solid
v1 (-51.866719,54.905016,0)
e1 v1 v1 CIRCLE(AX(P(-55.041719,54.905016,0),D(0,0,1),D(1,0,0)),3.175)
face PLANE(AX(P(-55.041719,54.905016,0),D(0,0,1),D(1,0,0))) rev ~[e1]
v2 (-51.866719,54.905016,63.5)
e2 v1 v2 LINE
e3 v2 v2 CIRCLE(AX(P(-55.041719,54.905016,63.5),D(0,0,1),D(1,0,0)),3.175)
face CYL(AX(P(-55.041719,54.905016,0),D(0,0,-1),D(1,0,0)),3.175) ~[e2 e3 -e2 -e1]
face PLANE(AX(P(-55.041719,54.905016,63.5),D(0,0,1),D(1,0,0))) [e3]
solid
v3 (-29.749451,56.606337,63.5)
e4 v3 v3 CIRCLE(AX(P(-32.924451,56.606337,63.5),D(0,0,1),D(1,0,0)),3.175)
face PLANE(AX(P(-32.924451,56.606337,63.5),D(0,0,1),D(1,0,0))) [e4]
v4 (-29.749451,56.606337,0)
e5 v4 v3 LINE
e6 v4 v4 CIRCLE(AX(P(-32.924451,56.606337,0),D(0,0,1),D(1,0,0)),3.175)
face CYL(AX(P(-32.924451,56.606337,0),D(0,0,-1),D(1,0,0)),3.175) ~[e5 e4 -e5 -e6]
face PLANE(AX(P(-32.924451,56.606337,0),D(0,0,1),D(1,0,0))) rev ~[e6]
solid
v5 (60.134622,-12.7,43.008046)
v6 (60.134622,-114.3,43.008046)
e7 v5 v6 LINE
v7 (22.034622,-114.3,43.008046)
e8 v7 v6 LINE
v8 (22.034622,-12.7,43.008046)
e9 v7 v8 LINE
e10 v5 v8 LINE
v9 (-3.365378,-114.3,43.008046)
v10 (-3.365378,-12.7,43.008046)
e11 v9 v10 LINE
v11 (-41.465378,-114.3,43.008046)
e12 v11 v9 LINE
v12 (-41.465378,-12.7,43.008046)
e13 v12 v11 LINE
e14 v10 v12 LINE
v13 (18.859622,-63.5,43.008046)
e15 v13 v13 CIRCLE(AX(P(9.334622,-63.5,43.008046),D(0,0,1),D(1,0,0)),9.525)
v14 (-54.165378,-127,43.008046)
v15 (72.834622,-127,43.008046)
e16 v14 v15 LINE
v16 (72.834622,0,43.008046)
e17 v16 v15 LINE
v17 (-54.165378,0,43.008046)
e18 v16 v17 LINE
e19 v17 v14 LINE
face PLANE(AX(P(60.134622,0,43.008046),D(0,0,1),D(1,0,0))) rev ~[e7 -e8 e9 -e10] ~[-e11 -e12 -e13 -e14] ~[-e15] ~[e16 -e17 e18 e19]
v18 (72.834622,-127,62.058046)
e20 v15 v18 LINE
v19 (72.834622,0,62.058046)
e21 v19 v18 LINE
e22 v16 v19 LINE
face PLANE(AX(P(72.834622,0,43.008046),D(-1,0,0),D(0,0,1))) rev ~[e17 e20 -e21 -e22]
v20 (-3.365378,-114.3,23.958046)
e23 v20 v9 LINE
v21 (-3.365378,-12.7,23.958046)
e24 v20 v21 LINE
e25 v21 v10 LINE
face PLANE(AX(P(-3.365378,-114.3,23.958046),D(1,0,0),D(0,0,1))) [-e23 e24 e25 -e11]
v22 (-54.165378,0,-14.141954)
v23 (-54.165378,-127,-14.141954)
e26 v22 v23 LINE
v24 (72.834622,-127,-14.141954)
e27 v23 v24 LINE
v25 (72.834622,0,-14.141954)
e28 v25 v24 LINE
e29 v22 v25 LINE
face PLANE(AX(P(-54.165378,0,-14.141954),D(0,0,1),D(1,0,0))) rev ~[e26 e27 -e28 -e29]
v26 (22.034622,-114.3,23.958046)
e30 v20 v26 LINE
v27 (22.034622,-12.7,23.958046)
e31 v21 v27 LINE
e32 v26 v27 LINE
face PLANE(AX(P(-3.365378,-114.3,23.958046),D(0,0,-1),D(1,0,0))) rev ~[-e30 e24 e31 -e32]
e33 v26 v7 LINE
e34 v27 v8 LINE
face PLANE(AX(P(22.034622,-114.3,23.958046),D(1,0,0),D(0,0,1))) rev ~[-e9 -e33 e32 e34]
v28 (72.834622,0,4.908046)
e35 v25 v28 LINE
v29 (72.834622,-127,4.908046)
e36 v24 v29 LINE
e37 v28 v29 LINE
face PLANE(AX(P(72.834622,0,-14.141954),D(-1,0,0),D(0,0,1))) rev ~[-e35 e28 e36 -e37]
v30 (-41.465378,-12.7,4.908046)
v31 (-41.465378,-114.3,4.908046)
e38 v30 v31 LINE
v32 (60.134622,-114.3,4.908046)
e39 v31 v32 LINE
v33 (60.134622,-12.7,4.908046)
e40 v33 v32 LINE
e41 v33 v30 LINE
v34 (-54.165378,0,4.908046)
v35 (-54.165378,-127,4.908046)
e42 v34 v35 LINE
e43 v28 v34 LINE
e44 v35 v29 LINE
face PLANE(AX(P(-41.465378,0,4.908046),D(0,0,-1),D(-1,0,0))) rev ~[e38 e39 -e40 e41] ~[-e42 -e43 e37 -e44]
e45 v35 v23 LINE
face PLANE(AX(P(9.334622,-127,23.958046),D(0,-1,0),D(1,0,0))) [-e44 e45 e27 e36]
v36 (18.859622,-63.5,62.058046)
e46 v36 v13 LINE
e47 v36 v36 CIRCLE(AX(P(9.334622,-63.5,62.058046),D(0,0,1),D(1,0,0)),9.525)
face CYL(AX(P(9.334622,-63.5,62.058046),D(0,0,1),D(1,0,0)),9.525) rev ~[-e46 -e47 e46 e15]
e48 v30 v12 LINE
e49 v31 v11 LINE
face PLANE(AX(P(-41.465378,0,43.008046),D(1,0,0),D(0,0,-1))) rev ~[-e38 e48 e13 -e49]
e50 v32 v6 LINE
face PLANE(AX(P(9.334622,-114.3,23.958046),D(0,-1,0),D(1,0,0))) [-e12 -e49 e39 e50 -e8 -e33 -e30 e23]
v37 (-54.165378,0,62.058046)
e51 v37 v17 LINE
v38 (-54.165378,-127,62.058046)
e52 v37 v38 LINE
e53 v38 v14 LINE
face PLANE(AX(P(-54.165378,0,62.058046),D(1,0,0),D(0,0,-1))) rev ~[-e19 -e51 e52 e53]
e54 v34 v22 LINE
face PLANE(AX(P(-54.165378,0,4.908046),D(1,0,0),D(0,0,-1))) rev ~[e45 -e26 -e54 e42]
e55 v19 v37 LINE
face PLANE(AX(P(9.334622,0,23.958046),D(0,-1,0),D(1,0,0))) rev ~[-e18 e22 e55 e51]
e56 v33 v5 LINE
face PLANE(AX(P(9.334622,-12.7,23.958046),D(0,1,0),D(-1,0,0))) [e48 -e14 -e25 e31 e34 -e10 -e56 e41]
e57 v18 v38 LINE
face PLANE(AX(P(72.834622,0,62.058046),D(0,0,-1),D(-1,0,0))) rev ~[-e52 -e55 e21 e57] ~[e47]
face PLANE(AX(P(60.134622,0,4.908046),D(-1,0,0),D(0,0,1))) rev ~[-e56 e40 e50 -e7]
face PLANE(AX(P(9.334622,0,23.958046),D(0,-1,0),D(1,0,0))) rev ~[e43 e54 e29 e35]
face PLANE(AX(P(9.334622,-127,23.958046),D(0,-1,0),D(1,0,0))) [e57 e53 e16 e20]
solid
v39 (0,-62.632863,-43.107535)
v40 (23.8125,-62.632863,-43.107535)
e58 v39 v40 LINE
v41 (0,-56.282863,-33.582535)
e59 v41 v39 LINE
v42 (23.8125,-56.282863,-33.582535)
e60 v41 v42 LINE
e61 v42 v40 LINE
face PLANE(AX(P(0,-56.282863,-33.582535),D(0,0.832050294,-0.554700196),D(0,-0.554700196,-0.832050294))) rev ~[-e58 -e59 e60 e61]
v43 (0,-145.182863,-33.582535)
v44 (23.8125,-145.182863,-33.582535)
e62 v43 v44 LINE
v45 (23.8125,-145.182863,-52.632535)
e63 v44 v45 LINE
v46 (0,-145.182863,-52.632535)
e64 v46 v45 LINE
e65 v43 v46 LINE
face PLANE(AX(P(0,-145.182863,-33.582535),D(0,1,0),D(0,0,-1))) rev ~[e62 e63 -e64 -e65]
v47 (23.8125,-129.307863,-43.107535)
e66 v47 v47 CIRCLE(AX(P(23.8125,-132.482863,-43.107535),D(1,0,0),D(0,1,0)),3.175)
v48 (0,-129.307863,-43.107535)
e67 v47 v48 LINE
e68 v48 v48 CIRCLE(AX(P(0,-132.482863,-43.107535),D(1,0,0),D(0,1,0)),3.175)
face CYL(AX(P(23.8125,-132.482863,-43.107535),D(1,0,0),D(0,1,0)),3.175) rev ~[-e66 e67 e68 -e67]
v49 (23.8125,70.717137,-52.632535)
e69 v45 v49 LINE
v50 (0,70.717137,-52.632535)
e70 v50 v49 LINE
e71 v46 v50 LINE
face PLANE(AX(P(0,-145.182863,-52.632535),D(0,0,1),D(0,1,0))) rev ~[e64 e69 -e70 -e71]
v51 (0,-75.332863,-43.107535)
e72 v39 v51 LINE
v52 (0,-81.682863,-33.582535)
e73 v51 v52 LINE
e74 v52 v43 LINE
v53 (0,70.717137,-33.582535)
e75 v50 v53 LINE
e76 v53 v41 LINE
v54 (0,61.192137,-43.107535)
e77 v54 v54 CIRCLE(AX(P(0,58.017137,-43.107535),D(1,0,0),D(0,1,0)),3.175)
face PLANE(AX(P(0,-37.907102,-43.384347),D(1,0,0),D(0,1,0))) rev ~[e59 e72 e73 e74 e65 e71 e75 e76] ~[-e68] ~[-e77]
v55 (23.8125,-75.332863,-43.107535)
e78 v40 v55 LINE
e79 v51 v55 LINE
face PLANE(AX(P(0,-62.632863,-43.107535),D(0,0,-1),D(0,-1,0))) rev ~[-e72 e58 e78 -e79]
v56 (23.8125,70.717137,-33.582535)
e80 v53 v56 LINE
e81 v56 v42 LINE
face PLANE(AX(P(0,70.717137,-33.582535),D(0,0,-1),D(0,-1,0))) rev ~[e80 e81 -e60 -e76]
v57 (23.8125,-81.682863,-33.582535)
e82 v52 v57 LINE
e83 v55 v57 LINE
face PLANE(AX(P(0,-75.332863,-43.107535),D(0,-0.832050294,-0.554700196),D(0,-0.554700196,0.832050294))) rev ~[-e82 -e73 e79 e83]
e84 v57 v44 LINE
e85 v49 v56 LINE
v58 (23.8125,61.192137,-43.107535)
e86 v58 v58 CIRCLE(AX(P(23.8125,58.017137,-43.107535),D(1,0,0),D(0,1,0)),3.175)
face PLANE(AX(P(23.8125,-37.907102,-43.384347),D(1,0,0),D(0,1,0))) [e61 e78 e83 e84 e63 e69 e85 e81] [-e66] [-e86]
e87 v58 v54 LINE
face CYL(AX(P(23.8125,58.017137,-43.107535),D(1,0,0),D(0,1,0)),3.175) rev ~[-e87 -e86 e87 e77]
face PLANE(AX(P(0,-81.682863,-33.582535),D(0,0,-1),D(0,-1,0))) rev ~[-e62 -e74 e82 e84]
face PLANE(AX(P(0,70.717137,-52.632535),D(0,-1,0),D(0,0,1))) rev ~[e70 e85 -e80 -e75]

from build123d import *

# Parameters (mm, degrees)
F1_DEPTH  = 127
F2_W      = 101.6
F2_H      = 38.1
F3_DEPTH  = 12.7
F4_W      = 101.6
F4_H      = 38.1
F5_DEPTH  = 12.7
F6_W      = 25.4
F6_H      = 19.05
F7_DEPTH  = 101.6
F8_R      = 9.525
F9_DEPTH  = 25.4
F11_DEPTH = 23.8125
F12_R     = 3.175
F13_DEPTH = 63.5
F14_R     = 3.175
F15_DEPTH = 25.4


with BuildPart() as f1:
    # F0 (on Front) → F1 (new body)
    with BuildSketch(Plane.XZ):
        Polygon((72.8346217871, 62.0580464602), (-54.1653782129, 62.0580464602), (-54.1653782129, 43.0080464602), (-41.4653782129, 43.0080464602), (-41.4653782129, 4.9080464602), (-54.1653782129, 4.9080464602), (-54.1653782129, -14.1419535398), (72.8346217871, -14.1419535398), (72.8346217871, 4.9080464602), (60.1346217871, 4.9080464602), (60.1346217871, 43.0080464602), (72.8346217871, 43.0080464602), align=None)
    extrude(amount=F1_DEPTH)

    # F2 (on face) → F3 (cut)
    with BuildSketch(Plane.XZ.offset(127)):
        with Locations((9.3346217871, 23.9580464602)):
            Rectangle(F2_W, F2_H)
    extrude(amount=-F3_DEPTH, mode=Mode.SUBTRACT)

    # F4 (on face) → F5 (cut)
    with BuildSketch(Plane(origin=(0, 0, 0), x_dir=(-1, 0, 0), z_dir=(0, 1, 0))):
        with Locations((-9.3346217871, 23.9580464602)):
            Rectangle(F4_W, F4_H)
    extrude(amount=-F5_DEPTH, mode=Mode.SUBTRACT)

    # F6 (on face) → F7 (cut)
    with BuildSketch(Plane.XZ.offset(114.3)):
        with Locations((9.3346217871, 33.4830464602)):
            Rectangle(F6_W, F6_H)
    extrude(amount=-F7_DEPTH, mode=Mode.SUBTRACT)

    # F8 (on face) → F9 (cut)
    with BuildSketch(Plane.XY.offset(62.0580464602)):
        with Locations((9.3346217871, -63.5)):
            Circle(F8_R)
    extrude(amount=-F9_DEPTH, mode=Mode.SUBTRACT)


with BuildPart() as f11:
    # F10 (on Right) → F11 (new body)
    with BuildSketch(Plane.YZ):
        Polygon((70.7171371222, -52.632534641), (70.7171371222, -33.582534641), (-56.2828628778, -33.582534641), (-62.6328628778, -43.107534641), (-75.3328628778, -43.107534641), (-81.6828628778, -33.582534641), (-145.1828628778, -33.582534641), (-145.1828628778, -52.632534641), align=None)
    extrude(amount=F11_DEPTH)

    # F14 (on face) → F15 (cut)
    with BuildSketch(Plane.YZ.offset(23.8125)):
        with Locations((-132.4828628778, -43.107534641)):
            Circle(F14_R)
        with Locations((58.0171371222, -43.107534641)):
            Circle(F14_R)
    extrude(amount=-F15_DEPTH, mode=Mode.SUBTRACT)


with BuildPart() as f13:
    # F12 (on Top) → F13 (new body)
    with BuildSketch(Plane.XY):
        with Locations((-55.041719228, 54.9050159752)):
            Circle(F12_R)
    extrude(amount=F13_DEPTH)


with BuildPart() as f13b:
    # F12 (on Top) → F13, piece 2 (new body)
    with BuildSketch(Plane.XY):
        with Locations((-32.9244509339, 56.6063374281)):
            Circle(F12_R)
    extrude(amount=F13_DEPTH)


solid = Compound([f1.part, f11.part, f13.part, f13b.part])
